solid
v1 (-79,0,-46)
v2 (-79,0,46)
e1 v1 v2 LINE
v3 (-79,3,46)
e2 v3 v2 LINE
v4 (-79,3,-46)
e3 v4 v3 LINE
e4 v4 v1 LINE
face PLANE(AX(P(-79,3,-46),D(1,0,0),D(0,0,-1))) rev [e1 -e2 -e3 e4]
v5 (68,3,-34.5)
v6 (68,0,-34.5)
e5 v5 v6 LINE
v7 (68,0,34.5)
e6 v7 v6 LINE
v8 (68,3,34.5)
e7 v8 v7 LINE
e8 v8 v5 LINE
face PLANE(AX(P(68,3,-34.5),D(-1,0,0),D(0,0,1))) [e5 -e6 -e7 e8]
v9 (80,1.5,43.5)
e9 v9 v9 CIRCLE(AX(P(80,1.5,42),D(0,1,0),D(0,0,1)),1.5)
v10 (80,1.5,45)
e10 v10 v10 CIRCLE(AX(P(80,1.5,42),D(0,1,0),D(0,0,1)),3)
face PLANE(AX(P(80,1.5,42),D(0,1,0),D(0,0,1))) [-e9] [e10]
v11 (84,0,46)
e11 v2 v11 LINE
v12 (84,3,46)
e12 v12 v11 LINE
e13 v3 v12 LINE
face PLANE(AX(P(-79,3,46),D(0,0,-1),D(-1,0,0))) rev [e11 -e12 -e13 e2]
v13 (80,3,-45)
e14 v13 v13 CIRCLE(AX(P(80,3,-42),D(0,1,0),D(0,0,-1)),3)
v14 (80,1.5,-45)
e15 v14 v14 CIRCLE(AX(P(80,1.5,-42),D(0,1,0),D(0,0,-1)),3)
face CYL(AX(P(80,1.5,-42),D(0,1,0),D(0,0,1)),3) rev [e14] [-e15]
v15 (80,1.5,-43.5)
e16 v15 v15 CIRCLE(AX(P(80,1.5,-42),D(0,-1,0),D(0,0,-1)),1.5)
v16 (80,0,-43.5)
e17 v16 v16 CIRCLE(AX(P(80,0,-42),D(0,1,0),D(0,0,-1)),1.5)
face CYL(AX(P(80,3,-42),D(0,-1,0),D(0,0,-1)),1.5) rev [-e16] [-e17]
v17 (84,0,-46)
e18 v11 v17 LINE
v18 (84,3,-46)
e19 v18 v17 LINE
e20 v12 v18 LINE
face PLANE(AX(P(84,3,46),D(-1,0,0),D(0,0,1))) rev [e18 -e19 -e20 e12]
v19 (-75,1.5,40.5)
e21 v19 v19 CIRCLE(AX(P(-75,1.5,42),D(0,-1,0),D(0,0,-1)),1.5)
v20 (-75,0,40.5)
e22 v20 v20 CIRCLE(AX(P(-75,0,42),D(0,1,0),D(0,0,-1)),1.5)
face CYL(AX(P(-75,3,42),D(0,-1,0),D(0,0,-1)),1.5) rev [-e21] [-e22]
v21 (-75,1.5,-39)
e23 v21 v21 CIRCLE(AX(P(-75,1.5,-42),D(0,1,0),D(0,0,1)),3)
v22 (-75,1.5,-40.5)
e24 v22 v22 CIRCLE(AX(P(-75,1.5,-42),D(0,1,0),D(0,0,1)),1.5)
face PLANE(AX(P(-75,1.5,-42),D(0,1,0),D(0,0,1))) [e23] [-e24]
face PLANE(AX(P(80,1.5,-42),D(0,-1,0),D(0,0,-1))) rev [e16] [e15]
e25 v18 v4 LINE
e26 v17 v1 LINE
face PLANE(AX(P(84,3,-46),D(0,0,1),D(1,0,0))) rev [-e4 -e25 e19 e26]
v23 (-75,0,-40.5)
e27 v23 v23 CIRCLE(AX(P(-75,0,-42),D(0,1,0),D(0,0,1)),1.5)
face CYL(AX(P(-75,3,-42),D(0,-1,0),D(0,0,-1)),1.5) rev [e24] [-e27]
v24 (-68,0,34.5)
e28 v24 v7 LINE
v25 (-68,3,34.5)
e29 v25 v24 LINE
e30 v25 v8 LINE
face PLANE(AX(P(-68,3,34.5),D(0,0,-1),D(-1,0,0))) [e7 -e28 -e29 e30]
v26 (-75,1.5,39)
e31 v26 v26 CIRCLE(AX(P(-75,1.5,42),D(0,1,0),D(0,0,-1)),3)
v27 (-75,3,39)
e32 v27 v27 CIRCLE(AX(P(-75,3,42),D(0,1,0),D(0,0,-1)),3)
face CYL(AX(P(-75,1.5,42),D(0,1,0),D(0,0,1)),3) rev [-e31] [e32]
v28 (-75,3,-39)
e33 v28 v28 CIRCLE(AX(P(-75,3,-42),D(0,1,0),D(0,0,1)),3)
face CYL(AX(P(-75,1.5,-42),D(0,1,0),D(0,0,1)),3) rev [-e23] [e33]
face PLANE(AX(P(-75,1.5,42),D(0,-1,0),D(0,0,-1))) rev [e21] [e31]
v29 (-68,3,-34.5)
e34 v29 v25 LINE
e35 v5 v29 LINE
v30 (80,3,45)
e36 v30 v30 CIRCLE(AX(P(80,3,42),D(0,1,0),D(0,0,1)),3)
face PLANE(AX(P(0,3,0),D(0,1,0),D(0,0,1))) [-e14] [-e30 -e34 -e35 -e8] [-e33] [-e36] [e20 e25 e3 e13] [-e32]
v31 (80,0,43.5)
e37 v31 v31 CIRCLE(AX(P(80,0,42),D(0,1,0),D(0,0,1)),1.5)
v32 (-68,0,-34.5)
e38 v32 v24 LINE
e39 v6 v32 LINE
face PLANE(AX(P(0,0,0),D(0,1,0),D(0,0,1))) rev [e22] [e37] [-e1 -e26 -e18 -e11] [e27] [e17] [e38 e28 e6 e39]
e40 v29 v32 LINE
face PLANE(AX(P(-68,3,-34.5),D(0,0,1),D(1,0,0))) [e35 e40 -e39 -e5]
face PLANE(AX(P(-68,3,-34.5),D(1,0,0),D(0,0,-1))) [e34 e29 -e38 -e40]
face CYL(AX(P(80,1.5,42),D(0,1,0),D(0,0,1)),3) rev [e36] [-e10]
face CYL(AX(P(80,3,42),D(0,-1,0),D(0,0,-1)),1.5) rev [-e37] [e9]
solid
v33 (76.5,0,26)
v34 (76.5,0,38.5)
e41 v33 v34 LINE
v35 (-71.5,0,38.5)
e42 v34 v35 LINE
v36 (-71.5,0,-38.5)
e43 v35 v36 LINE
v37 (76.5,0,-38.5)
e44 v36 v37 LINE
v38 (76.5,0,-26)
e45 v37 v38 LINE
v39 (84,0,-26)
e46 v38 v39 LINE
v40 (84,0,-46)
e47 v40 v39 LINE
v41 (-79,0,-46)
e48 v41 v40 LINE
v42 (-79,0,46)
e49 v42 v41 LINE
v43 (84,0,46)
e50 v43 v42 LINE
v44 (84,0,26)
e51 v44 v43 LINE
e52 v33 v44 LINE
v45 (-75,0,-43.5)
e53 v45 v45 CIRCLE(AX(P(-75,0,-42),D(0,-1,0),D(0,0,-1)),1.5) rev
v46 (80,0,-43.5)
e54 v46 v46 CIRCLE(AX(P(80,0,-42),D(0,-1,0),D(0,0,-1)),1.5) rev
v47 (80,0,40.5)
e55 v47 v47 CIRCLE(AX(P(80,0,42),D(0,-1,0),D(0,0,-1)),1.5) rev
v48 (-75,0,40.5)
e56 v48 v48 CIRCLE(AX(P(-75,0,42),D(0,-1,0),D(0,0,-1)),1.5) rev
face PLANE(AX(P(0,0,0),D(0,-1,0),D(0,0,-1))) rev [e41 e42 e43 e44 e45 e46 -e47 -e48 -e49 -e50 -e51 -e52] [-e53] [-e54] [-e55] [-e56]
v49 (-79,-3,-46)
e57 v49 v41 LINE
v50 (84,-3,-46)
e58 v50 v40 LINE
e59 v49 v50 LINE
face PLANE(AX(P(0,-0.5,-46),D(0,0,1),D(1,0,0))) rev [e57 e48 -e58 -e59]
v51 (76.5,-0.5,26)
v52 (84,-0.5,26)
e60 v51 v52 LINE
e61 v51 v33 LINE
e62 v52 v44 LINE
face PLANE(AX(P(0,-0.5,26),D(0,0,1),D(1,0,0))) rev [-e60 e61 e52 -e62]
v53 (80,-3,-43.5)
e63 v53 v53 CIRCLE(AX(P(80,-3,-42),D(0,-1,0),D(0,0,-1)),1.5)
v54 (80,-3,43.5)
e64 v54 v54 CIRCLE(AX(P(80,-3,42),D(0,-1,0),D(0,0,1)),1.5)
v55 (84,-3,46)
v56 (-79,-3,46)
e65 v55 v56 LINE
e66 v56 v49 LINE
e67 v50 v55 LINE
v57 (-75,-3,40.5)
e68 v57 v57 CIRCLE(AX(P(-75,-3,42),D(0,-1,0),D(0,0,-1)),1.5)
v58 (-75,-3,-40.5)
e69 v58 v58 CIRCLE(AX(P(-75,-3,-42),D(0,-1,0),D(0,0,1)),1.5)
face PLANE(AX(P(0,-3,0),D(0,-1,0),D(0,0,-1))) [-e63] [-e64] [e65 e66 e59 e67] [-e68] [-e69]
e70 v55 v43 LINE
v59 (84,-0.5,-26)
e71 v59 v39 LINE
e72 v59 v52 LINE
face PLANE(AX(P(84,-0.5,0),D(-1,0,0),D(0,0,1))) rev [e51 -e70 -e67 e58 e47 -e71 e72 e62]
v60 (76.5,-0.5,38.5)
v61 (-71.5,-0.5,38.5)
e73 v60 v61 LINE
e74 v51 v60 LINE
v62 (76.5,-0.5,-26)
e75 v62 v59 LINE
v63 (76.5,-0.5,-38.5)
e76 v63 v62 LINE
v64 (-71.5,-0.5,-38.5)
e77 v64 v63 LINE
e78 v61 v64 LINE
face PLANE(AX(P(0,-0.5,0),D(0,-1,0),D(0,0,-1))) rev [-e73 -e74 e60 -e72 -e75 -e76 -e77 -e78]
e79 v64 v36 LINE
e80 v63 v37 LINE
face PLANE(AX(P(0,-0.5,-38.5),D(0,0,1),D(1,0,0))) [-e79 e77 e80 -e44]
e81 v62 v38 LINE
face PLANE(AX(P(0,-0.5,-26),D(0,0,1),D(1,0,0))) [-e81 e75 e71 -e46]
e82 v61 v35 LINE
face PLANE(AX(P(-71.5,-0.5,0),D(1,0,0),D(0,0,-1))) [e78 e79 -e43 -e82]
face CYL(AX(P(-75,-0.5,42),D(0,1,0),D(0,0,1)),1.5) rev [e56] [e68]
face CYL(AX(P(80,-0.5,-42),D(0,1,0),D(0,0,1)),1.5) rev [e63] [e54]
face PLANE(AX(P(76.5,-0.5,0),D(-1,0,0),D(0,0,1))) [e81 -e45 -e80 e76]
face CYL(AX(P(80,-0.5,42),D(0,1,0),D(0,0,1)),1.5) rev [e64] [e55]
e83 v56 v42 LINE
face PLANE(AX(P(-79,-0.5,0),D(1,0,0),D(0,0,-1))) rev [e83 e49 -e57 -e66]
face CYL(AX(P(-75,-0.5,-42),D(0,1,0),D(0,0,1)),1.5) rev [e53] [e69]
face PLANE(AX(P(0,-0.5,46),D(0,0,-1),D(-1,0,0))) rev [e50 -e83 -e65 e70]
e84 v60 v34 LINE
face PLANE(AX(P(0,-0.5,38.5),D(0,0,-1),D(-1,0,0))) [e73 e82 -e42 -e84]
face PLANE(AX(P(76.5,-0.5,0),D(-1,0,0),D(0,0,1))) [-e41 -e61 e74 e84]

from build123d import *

# Parameters (mm, degrees)
SKETCH1_W           = 163
SKETCH1_H           = 92
SKETCH1_R           = 1.5
SKETCH1_W_2         = 136
SKETCH1_H_2         = 69
BOSS_EXTRUDE1_DEPTH = 3
SKETCH2_R           = 3
CUT_EXTRUDE1_DEPTH  = 1.5
SKETCH3_R           = 1.5
BOSS_EXTRUDE2_DEPTH = 0.5
BOSS_EXTRUDE3_START = 2.5
SKETCH4_W           = 163
SKETCH4_H           = 92
SKETCH4_R           = 1.5
BOSS_EXTRUDE3_DEPTH = 2.5


with BuildPart() as part:
    # Sketch1 → Boss-Extrude1 (new body)
    with BuildSketch(Plane(origin=(0, 0, 0), x_dir=(1, 0, 0), z_dir=(0, 1, 0))):
        with Locations((2.5, 0)):
            Rectangle(SKETCH1_W, SKETCH1_H)
        with Locations(Location((-75, 42, 0), (0, 0, 270))):
            Circle(SKETCH1_R, mode=Mode.SUBTRACT)
        with Locations(Location((80, 42, 0), (0, 0, 90))):
            Circle(SKETCH1_R, mode=Mode.SUBTRACT)
        with Locations(Location((80, -42, 0), (0, 0, 270))):
            Circle(SKETCH1_R, mode=Mode.SUBTRACT)
        with Locations(Location((-75, -42, 0), (0, 0, 90))):
            Circle(SKETCH1_R, mode=Mode.SUBTRACT)
        Rectangle(SKETCH1_W_2, SKETCH1_H_2, mode=Mode.SUBTRACT)
    extrude(amount=BOSS_EXTRUDE1_DEPTH)

    # Sketch2 → Cut-Extrude1 (cut)
    with BuildSketch(Plane(origin=(0, 3, 0), x_dir=(1, 0, 0), z_dir=(0, 1, 0))):
        with Locations(Location((-75, 42, 0), (0, 0, 270))):
            Circle(SKETCH2_R)
        with Locations(Location((80, 42, 0), (0, 0, 90))):
            Circle(SKETCH2_R)
        with Locations(Location((80, -42, 0), (0, 0, 270))):
            Circle(SKETCH2_R)
        with Locations(Location((-75, -42, 0), (0, 0, 90))):
            Circle(SKETCH2_R)
    extrude(amount=-CUT_EXTRUDE1_DEPTH, mode=Mode.SUBTRACT)


with BuildPart() as body_2:
    # Sketch3 → Boss-Extrude2 (new body)
    with BuildSketch(Plane.XZ):
        Polygon((84, 46), (-79, 46), (-79, -46), (84, -46), (84, -26), (76.5, -26), (76.5, -38.5), (-71.5, -38.5), (-71.5, 38.5), (76.5, 38.5), (76.5, 26), (84, 26), align=None)
        with Locations(Location((-75, -42, 0), (0, 0, 270))):
            Circle(SKETCH3_R, mode=Mode.SUBTRACT)
        with Locations(Location((80, -42, 0), (0, 0, 270))):
            Circle(SKETCH3_R, mode=Mode.SUBTRACT)
        with Locations(Location((-75, 42, 0), (0, 0, 270))):
            Circle(SKETCH3_R, mode=Mode.SUBTRACT)
        with Locations(Location((80, 42, 0), (0, 0, 270))):
            Circle(SKETCH3_R, mode=Mode.SUBTRACT)
    extrude(amount=BOSS_EXTRUDE2_DEPTH)

    # Sketch4 → Boss-Extrude3 (add)
    with BuildSketch(Plane.XZ.offset(0.5).offset(BOSS_EXTRUDE3_START)):
        with Locations((2.5, 0)):
            Rectangle(SKETCH4_W, SKETCH4_H)
        with Locations(Location((-75, 42, 0), (0, 0, 270))):
            Circle(SKETCH4_R, mode=Mode.SUBTRACT)
        with Locations(Location((80, 42, 0), (0, 0, 90))):
            Circle(SKETCH4_R, mode=Mode.SUBTRACT)
        with Locations(Location((80, -42, 0), (0, 0, 270))):
            Circle(SKETCH4_R, mode=Mode.SUBTRACT)
        with Locations(Location((-75, -42, 0), (0, 0, 90))):
            Circle(SKETCH4_R, mode=Mode.SUBTRACT)
    extrude(amount=-BOSS_EXTRUDE3_DEPTH)


solid = Compound([part.part, body_2.part])
